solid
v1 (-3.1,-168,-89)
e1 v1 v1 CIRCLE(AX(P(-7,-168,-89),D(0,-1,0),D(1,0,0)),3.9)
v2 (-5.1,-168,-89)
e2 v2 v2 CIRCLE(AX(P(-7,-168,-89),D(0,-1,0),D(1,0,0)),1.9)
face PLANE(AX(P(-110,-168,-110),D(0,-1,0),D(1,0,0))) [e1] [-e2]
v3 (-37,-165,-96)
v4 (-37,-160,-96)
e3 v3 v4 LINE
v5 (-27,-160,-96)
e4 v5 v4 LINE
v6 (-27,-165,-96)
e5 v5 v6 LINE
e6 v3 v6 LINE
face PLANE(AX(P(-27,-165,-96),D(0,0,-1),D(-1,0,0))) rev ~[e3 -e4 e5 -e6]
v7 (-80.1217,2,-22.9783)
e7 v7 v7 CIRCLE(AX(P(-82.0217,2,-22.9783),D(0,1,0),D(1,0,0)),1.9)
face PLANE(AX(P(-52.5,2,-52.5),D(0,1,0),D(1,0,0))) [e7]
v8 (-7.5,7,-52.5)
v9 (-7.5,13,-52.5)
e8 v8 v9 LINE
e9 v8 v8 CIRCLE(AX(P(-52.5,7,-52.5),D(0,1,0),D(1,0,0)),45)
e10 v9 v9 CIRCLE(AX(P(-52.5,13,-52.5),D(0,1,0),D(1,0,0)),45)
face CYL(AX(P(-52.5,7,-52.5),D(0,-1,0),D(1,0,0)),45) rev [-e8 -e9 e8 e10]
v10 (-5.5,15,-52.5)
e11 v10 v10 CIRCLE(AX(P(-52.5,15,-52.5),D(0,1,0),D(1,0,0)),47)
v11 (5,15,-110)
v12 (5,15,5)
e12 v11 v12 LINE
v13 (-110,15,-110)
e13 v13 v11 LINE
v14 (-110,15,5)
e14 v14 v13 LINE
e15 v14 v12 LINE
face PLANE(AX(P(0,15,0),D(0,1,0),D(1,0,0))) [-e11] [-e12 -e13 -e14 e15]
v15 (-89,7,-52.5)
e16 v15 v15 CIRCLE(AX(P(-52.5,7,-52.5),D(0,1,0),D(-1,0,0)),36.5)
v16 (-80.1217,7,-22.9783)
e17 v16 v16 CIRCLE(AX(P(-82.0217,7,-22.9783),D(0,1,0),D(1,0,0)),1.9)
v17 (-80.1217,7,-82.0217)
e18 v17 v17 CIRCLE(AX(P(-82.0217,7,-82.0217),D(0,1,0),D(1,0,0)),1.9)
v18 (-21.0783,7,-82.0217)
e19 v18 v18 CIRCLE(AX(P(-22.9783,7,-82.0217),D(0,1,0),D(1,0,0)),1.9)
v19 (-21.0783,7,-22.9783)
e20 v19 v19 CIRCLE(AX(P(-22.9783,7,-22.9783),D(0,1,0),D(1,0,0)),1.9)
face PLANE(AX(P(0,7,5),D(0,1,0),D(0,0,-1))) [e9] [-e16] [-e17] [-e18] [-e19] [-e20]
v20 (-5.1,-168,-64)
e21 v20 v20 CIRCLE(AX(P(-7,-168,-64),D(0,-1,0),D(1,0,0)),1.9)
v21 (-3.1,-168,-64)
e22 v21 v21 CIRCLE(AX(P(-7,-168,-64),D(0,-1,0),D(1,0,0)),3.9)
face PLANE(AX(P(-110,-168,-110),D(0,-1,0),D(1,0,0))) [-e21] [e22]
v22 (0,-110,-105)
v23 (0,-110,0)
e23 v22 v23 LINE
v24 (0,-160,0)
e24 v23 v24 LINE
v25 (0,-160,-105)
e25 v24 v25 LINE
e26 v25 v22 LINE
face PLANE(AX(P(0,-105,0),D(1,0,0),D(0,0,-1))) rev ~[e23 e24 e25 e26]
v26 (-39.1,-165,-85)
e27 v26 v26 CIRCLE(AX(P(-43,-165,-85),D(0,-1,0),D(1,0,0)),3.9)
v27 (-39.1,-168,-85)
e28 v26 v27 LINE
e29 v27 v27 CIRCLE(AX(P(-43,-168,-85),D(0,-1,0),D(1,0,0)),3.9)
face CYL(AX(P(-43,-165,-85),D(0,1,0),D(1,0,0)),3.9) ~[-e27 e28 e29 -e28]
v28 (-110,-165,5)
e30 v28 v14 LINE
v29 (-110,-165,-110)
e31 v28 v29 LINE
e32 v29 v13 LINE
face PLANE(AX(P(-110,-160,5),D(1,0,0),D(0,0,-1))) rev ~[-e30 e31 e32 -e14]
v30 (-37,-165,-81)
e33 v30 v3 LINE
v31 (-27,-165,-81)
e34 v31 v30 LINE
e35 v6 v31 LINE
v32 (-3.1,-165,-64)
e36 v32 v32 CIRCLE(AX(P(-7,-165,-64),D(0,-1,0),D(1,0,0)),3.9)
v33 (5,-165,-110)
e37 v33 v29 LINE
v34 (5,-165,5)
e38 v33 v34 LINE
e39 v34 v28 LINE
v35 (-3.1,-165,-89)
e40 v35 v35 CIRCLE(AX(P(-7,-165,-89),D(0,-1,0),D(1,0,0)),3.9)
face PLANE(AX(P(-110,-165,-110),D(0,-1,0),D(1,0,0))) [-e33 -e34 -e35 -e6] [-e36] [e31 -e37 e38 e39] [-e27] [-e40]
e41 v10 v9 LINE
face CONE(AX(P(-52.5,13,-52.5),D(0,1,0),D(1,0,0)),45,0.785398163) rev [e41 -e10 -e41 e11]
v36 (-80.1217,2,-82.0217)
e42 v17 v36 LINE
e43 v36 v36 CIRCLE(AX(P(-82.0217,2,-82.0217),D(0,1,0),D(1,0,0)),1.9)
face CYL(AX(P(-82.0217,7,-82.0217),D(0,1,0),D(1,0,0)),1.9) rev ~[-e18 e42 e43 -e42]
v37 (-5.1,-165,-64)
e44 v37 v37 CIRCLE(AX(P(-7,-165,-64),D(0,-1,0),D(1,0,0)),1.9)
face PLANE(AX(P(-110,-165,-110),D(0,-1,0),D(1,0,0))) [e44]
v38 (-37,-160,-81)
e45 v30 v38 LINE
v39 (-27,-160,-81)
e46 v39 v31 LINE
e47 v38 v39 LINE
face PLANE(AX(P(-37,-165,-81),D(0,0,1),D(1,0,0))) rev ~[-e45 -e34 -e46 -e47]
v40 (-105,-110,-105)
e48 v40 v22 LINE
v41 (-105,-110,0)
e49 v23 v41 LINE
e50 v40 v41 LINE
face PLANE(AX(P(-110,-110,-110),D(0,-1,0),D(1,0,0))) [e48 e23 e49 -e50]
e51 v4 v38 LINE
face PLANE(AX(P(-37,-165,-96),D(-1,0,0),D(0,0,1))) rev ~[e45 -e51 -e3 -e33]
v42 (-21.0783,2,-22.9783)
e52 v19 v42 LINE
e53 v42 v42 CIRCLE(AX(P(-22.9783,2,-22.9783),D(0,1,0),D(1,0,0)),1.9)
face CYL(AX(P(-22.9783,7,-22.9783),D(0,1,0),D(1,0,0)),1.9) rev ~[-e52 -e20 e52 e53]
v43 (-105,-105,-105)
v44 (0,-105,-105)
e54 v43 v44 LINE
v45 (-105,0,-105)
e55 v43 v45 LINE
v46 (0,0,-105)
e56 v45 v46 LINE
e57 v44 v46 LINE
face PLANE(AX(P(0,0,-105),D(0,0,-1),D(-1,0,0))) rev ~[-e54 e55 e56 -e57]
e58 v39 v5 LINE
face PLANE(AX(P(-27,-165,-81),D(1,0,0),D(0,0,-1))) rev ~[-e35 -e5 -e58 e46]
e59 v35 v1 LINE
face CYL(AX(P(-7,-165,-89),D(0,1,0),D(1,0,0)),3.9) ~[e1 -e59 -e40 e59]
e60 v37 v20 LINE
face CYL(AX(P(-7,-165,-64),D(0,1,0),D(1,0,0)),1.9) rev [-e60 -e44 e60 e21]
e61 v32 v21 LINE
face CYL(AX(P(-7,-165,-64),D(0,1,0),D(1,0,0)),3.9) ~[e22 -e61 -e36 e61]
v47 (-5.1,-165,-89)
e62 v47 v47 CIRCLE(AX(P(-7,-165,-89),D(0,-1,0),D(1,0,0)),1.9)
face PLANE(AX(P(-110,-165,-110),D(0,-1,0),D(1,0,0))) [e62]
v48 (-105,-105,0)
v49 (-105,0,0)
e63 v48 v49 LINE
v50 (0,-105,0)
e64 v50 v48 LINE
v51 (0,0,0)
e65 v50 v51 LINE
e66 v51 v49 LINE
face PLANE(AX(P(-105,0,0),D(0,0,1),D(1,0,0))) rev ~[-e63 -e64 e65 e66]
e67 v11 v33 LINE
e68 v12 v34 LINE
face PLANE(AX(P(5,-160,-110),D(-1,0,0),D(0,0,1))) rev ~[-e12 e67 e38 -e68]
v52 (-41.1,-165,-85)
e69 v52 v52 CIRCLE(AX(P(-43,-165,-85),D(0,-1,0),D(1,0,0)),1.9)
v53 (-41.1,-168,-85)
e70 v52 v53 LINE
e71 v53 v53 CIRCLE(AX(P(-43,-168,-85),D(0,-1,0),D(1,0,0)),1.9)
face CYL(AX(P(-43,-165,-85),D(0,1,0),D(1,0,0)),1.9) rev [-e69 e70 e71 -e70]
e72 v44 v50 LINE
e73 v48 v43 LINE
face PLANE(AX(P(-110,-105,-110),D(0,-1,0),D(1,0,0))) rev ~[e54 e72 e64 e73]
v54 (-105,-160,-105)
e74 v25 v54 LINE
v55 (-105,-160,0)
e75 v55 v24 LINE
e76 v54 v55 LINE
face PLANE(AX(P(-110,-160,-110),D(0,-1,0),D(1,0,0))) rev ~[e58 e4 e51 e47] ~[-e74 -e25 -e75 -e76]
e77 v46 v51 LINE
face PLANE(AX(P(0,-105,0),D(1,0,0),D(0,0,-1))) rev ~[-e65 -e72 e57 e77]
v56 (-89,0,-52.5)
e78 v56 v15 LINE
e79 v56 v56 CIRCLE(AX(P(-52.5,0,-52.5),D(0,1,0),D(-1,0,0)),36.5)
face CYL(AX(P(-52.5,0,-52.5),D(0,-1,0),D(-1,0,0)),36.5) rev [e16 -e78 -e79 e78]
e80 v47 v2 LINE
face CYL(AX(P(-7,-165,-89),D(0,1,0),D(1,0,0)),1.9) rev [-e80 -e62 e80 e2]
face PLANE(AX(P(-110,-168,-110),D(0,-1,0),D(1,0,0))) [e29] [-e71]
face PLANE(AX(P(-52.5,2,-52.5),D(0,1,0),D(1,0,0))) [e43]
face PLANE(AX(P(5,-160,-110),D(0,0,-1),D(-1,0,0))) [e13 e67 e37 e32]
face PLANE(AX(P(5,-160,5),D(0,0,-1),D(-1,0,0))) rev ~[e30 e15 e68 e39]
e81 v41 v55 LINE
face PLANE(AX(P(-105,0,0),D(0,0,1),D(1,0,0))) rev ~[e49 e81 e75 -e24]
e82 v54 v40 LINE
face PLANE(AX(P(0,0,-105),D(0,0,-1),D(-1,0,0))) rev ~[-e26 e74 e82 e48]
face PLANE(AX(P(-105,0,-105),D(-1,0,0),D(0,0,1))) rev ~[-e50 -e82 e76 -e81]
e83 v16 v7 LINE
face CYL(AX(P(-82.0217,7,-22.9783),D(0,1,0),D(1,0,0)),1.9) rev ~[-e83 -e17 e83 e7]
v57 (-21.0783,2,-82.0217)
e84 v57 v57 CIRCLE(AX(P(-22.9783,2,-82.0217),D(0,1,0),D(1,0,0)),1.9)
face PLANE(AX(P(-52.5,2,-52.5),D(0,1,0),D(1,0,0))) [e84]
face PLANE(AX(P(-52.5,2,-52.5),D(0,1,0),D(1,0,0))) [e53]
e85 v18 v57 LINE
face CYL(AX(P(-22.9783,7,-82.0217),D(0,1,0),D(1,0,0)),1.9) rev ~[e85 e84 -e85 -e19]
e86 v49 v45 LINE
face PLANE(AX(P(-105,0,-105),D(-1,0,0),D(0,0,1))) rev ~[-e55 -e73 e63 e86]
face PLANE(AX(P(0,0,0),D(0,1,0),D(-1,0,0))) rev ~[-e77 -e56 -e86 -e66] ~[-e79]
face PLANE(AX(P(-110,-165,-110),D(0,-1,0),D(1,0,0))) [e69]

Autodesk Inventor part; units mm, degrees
ref_plane "YZ Plane" through (0, 0, 0) normal (1, 0, 0) x (0, 1, 0)
ref_plane "XZ Plane" through (0, 0, 0) normal (0, 1, 0) x (-1, 0, 0)
sketch "Sketch1" plane through (0, 0, 0) normal (0, 1, 0) x (-1, 0, 0)
  line L0 (0, 0) -> (105, 0)
  line L1 (105, 0) -> (105, -105)
  line L2 (105, -105) -> (0, -105)
  line L3 (0, -105) -> (0, 0)
  circle A0 centre (52.5, -52.5) radius 36.5
  dimension "d0" = 105
  dimension "d1" = 105
  dimension "d2" = 52.5
  dimension "d3" = 52.5
  dimension "d4" = 73
extrude "Extrusion1" add sketch "Sketch1" along normal blind 7
sketch "Sketch3" plane through (-105, 0, 0) normal (0, 0, 1) x (1, 0, 0)
  line L0 (105, 7) -> (0, 7) projected
  line L1 (0, 7) -> (105, 7)
  line L2 (105, 7) -> (105, -105)
  line L3 (105, -105) -> (0, -105)
  line L4 (0, -105) -> (0, 7)
  line L5 (0, 0) -> (105, 0) projected
  dimension "d7" = 105
extrude "Extrusion2" add sketch "Sketch3" along normal blind 5
sketch "Sketch4" plane through (-105, 0, -105) normal (-1, 0, 0) x (0, 0, 1)
  line L0 (0, 0) -> (0, 7) projected
  line L1 (0, 7) -> (110, 7)
  line L2 (110, 7) -> (110, -105)
  line L3 (110, -105) -> (0, -105)
  line L4 (0, -105) -> (0, 7)
  point P0 (105, 0)
extrude "Extrusion3" add sketch "Sketch4" along normal blind 5
sketch "Sketch6" plane through (0, 0, -105) normal (0, 0, -1) x (-1, 0, 0)
  line L0 (0, 7) -> (110, 7) projected
  line L1 (110, -105) -> (110, 7) projected
  line L2 (0, 7) -> (110, 7)
  line L3 (110, 7) -> (110, -105)
  line L4 (110, -105) -> (0, -105)
  line L5 (0, -105) -> (0, 7)
  point P0 (0, 0)
extrude "Extrusion4" add sketch "Sketch6" along normal blind 5
sketch "Sketch7" plane through (0, -105, 0) normal (1, 0, 0) x (0, 0, -1)
  line L0 (-5, 0) -> (-5, 112) projected
  line L1 (105, 0) -> (110, 0) projected
  line L2 (-5, 112) -> (110, 112)
  line L3 (110, 112) -> (110, 0)
  line L4 (110, 0) -> (-5, 0)
  line L5 (-5, 0) -> (-5, 112)
  point P0 (0, 105)
extrude "Extrusion5" add sketch "Sketch7" along normal blind 5
sketch "Sketch8" plane through (-110, -105, -110) normal (0, -1, 0) x (1, 0, 0)
  line L0 (0, 115) -> (115, 115) projected
  line L1 (0, 0) -> (115, 0) projected
  line L2 (0, 115) -> (115, 115)
  line L3 (115, 115) -> (115, 0)
  line L4 (115, 0) -> (0, 0)
  line L5 (0, 0) -> (0, 115)
  point P0 (110, 110)
extrude "Extrusion6" add sketch "Sketch8" along normal blind 5
sketch "Sketch9" plane through (0, 7, 0) normal (0, 1, 0) x (1, 0, 0)
  line L0 (-110, -5) -> (-110, 110) projected
  line L1 (-110, -5) -> (5, -5) projected
  line L2 (5, 110) -> (5, -5) projected
  line L3 (-110, 110) -> (5, 110) projected
  circle A0 centre (-52.5, 52.5) radius 36.5 projected
  line L4 (-110, -5) -> (-110, 110) projected
  line L5 (-110, 110) -> (5, 110) projected
  line L6 (-110, -5) -> (5, -5)
  line L7 (5, -5) -> (5, 110)
  line L8 (5, 110) -> (-110, 110)
  line L9 (-110, 110) -> (-110, -5)
  circle A1 centre (-52.5, 52.5) radius 45
  dimension "d18" = 90
extrude "Extrusion7" add sketch "Sketch9" along normal blind 8 contours L0 L3 L2 L1
sketch "Sketch10" plane through (-52.5, 7, -52.5) normal (0, 1, 0) x (1, 0, 0)
  line L0 (57.5, -57.5) -> (-57.5, -57.5) construction
  line L1 (57.5, 57.5) -> (57.5, -57.5) construction
  line L2 (-57.5, -57.5) -> (57.5, 57.5) construction
  line L3 (57.5, 57.5) -> (-57.5, 57.5) construction
  line L4 (-57.5, 57.5) -> (57.5, -57.5) construction
  circle A0 centre (0, 0) radius 41.75 construction
  circle A1 centre (-29.5217, -29.5217) radius 1.9
  circle A2 centre (-29.5217, 29.5217) radius 1.9
  circle A3 centre (29.5217, 29.5217) radius 1.9
  circle A4 centre (29.5217, -29.5217) radius 1.9
  line L5 (0, -57.5) -> (0, 57.5) construction
  point P0 (52.5, -52.5)
  dimension "d21" = 3.8
  dimension "d22" = 83.5
  dimension "d23" = 3.8
  dimension "d24" = 3.8
  dimension "d25" = 3.8
  dimension "d26" = 45
extrude "Extrusion8" cut sketch "Sketch10" against normal blind 5
ref_plane "Work Plane1" through (0, 0, -52.5) normal (0, 0, -1) x (-1, 0, 0)
split "Split2" [suppressed]
chamfer "Chamfer1" distance 2 angle 45 1 edges at (-97.5, 15, -52.5)
sketch "Sketch15" plane through (0, 0, -52.5) normal (0, 0, -1) x (-1, 0, 0)
  line L0 (105, 14) -> (99.9142, 14)
  line L1 (99.9142, 14) -> (98.5, 12.5858)
  line L2 (98.5, 12.5858) -> (98.5, 6)
  line L3 (98.5, 6) -> (90, 6)
  line L4 (90, 6) -> (90, 1)
  line L5 (90, 1) -> (100, 1)
  arc A0 (106, -5) -> (100, 1) centre (100, -5) ccw
  line L6 (106, -5) -> (106, -100)
  arc A1 (100, -106) -> (106, -100) centre (100, -100) ccw
  line L7 (100, -106) -> (5, -106)
  arc A2 (-1, -100) -> (5, -106) centre (5, -100) ccw
  line L8 (-1, -100) -> (-1, -5)
  arc A3 (5, 1) -> (-1, -5) centre (5, -5) ccw
  line L9 (5, 1) -> (15, 1)
  line L10 (15, 1) -> (15, 6)
  line L11 (15, 6) -> (6.5, 6)
  line L12 (6.5, 6) -> (6.5, 12.5858)
  line L13 (6.5, 12.5858) -> (5.0858, 14)
  line L14 (5.0858, 14) -> (0, 14)
  arc A4 (0, 14) -> (-4, 10) centre (0, 10) ccw
  line L15 (-4, 10) -> (-4, -105)
  arc A5 (-4, -105) -> (0, -109) centre (0, -105) ccw
  line L16 (0, -109) -> (105, -109)
  arc A6 (105, -109) -> (109, -105) centre (105, -105) ccw
  line L17 (109, -105) -> (109, 10)
  arc A7 (109, 10) -> (105, 14) centre (105, 10) ccw
  line L18 (89, 0) -> (89, 7) projected
  line L19 (89, 7) -> (97.5, 7) projected
  line L20 (97.5, 7) -> (97.5, 13) projected
  line L21 (97.5, 13) -> (99.5, 15) projected
  line L22 (99.5, 15) -> (110, 15) projected
  line L23 (110, 15) -> (110, -110) projected
  line L24 (110, -110) -> (-5, -110) projected
  line L25 (-5, -110) -> (-5, 15) projected
  line L26 (-5, 15) -> (5.5, 15) projected
  line L27 (5.5, 15) -> (7.5, 13) projected
  line L28 (7.5, 13) -> (7.5, 7) projected
  line L29 (7.5, 7) -> (16, 7) projected
  line L30 (16, 7) -> (16, 0) projected
  line L31 (16, 0) -> (0, 0) projected
  line L32 (0, 0) -> (0, -105) projected
  line L33 (0, -105) -> (105, -105) projected
  line L34 (105, -105) -> (105, 0) projected
  line L35 (105, 0) -> (89, 0) projected
extrude "Extrusion11" [suppressed]
sketch "Sketch16" plane through (-110, -110, -110) normal (0, -1, 0) x (1, 0, 0)
  line L0 (10, 57.5) -> (105, 57.5) projected
  line L1 (10, 57.5) -> (10, 54.5) projected
  line L2 (10, 54.5) -> (105, 54.5) projected
  line L3 (105, 57.5) -> (105, 54.5) projected
  circle A0 centre (57.5, 56) radius 2
  line L4 (115, 57.5) -> (0, 57.5) projected
  point P0 (110, 110)
  point P1 (110, 57.5)
  point P2 (5, 57.5)
  dimension "d53" = 95
  dimension "d54" = 47.5
  dimension "d55" = 4
  dimension "d58" = 1.5
extrude "Extrusion14" [suppressed]
sketch "Sketch17" plane through (0, 0, -110) normal (0, 0, -1) x (-1, 0, 0)
  line L0 (110, 15) -> (110, -110) projected
  line L1 (110, -110) -> (-5, -110)
  line L2 (-5, -110) -> (-5, -160)
  line L3 (-5, -160) -> (110, -160)
  line L4 (110, -160) -> (110, -110)
  line L5 (-5, 15) -> (-5, -110) projected
  point P0 (0, 0)
  dimension "d59" = 50
extrude "Extrusion15" add sketch "Sketch17" against normal blind 5
sketch "Sketch18" plane through (5, -105, 0) normal (1, 0, 0) x (0, 0, -1)
  line L0 (105, -5) -> (-5, -5)
  line L1 (-5, -5) -> (-5, -55)
  line L2 (-5, -55) -> (105, -55)
  line L3 (105, -55) -> (105, -5)
  line L4 (-5, -5) -> (-5, 120) projected
  line L5 (110, -55) -> (105, -55) projected
  point P0 (0, 105)
extrude "Extrusion16" add sketch "Sketch18" against normal blind 5
sketch "Sketch19" plane through (-105, 0, 5) normal (0, 0, 1) x (1, 0, 0)
  line L0 (105, -110) -> (-5, -110) projected
  line L1 (-5, -160) -> (105, -160) projected
  line L2 (-5, -110) -> (105, -110)
  line L3 (105, -110) -> (105, -160)
  line L4 (105, -160) -> (-5, -160)
  line L5 (-5, -160) -> (-5, -110)
  point P0 (105, 0)
extrude "Extrusion17" add sketch "Sketch19" against normal blind 5
sketch "Sketch20" plane through (-110, 0, -105) normal (-1, 0, 0) x (0, 0, 1)
  line L0 (-5, -160) -> (110, -160) projected
  line L1 (0, -110) -> (105, -110)
  line L2 (105, -110) -> (105, -160)
  line L3 (105, -160) -> (0, -160)
  line L4 (0, -160) -> (0, -110)
  point P0 (105, 0)
extrude "Extrusion18" add sketch "Sketch20" against normal blind 5
sketch "Sketch21" plane through (-110, -160, -110) normal (0, -1, 0) x (1, 0, 0)
  line L0 (115, 0) -> (0, 0) projected
  line L1 (115, 115) -> (0, 115) projected
  line L2 (0, 0) -> (115, 0)
  line L3 (115, 0) -> (115, 115)
  line L4 (115, 115) -> (0, 115)
  line L5 (0, 115) -> (0, 0)
  point P0 (110, 110)
extrude "Extrusion19" add sketch "Sketch21" along normal blind 5
sketch "Sketch25" plane through (-110, -165, -110) normal (0, -1, 0) x (1, 0, 0)
  line L0 (65, 50) -> (105, 50) construction
  line L1 (105, 50) -> (105, 10) construction
  line L2 (105, 10) -> (65, 10) construction
  line L3 (65, 10) -> (65, 50) construction
  line L4 (65, 50) -> (105, 10) construction
  line L5 (105, 50) -> (65, 10) construction
  circle A0 centre (67, 46) radius 1.9
  circle A1 centre (103, 46) radius 1.9
  circle A2 centre (67, 25) radius 1.9
  circle A3 centre (103, 21) radius 1.9
  circle A4 centre (103, 46) radius 3.9
  circle A5 centre (67, 25) radius 3.9
  circle A6 centre (103, 21) radius 3.9
  line L6 (115, 0) -> (115, 115) projected
  line L7 (0, 0) -> (115, 0) projected
  line L8 (83, 14) -> (73, 14)
  line L9 (73, 14) -> (73, 29)
  line L10 (73, 29) -> (83, 29)
  line L11 (83, 29) -> (83, 14)
  line L12 (63, 50) -> (71, 50)
  line L13 (71, 50) -> (71, 42)
  line L14 (71, 42) -> (63, 42)
  line L15 (63, 42) -> (63, 50)
  line L16 (63, 50) -> (71, 42) construction
  line L17 (71, 50) -> (63, 42) construction
  point P0 (110, 110)
  point P1 (85, 30)
  dimension "d101" = 40
  dimension "d102" = 40
  dimension "d103" = 3.8
  dimension "d104" = 3.8
  dimension "d105" = 3.8
  dimension "d106" = 3.8
  dimension "d107" = 4
  dimension "d108" = 2
  dimension "d109" = 2
  dimension "d110" = 4
  dimension "d111" = 25
  dimension "d112" = 2
  dimension "d113" = 29
  dimension "d114" = 2
  dimension "d116" = 2
  dimension "d117" = 2
  dimension "d118" = 2
  dimension "d124" = 10
  dimension "d125" = 10
  dimension "d126" = 10
  dimension "d127" = 15
  dimension "d128" = 4
  dimension "d129" = 8
  dimension "d134" = 4
  dimension "d135" = 4
  dimension "d136" = 8
  dimension "d137" = 8
extrude "Extrusion23" add sketch "Sketch25" along normal blind 3 contours A4 | A5 | A6
extrude "Extrusion24" cut sketch "Sketch25" along normal blind 3 and the other way blind 5 contours L8 L9 L10 L11
sketch "Sketch26" plane through (0, 0, -110) normal (0, 0, -1) x (-1, 0, 0)
  line L0 (-5, 15) -> (-5, -165) projected
  line L1 (110, -165) -> (-5, -165) projected
  line L2 (105, -160) -> (0, -160) construction
  line L3 (40, -145) -> (0, -145)
  line L4 (0, -145) -> (0, -105)
  line L5 (0, -105) -> (40, -105)
  line L6 (40, -105) -> (40, -145)
  line L7 (33.4662, -145) -> (33.4662, -105) construction
  line L8 (3.4673, -145) -> (3.4673, -105) construction
  line L9 (40, -137.8014) -> (0, -137.8014) construction
  line L10 (0, -160) -> (0, -110) construction
  point P0 (0, 0)
  dimension "d142" = 40
  dimension "d143" = 40
  dimension "d144" = 20
  dimension "d145" = 5
equation "\"d2\" = 0.5 * d1"
equation "\"d3\" = 0.5 * d0"
equation "\"d23\" = d21"
equation "\"d24\" = d23"
equation "\"d25\" = d24"
equation "\"d54\" = 0.5 * d53"
equation "\"d104\" = d103"
equation "\"d105\" = d103"
equation "\"d106\" = d103"
equation "\"d112\" = d108"
equation "\"d114\" = d109"
equation "\"d116\" = d115"
equation "\"d117\" = d115"
equation "\"d118\" = d115"
equation "\"d115\" = 2"
properties part number "groovev2"
